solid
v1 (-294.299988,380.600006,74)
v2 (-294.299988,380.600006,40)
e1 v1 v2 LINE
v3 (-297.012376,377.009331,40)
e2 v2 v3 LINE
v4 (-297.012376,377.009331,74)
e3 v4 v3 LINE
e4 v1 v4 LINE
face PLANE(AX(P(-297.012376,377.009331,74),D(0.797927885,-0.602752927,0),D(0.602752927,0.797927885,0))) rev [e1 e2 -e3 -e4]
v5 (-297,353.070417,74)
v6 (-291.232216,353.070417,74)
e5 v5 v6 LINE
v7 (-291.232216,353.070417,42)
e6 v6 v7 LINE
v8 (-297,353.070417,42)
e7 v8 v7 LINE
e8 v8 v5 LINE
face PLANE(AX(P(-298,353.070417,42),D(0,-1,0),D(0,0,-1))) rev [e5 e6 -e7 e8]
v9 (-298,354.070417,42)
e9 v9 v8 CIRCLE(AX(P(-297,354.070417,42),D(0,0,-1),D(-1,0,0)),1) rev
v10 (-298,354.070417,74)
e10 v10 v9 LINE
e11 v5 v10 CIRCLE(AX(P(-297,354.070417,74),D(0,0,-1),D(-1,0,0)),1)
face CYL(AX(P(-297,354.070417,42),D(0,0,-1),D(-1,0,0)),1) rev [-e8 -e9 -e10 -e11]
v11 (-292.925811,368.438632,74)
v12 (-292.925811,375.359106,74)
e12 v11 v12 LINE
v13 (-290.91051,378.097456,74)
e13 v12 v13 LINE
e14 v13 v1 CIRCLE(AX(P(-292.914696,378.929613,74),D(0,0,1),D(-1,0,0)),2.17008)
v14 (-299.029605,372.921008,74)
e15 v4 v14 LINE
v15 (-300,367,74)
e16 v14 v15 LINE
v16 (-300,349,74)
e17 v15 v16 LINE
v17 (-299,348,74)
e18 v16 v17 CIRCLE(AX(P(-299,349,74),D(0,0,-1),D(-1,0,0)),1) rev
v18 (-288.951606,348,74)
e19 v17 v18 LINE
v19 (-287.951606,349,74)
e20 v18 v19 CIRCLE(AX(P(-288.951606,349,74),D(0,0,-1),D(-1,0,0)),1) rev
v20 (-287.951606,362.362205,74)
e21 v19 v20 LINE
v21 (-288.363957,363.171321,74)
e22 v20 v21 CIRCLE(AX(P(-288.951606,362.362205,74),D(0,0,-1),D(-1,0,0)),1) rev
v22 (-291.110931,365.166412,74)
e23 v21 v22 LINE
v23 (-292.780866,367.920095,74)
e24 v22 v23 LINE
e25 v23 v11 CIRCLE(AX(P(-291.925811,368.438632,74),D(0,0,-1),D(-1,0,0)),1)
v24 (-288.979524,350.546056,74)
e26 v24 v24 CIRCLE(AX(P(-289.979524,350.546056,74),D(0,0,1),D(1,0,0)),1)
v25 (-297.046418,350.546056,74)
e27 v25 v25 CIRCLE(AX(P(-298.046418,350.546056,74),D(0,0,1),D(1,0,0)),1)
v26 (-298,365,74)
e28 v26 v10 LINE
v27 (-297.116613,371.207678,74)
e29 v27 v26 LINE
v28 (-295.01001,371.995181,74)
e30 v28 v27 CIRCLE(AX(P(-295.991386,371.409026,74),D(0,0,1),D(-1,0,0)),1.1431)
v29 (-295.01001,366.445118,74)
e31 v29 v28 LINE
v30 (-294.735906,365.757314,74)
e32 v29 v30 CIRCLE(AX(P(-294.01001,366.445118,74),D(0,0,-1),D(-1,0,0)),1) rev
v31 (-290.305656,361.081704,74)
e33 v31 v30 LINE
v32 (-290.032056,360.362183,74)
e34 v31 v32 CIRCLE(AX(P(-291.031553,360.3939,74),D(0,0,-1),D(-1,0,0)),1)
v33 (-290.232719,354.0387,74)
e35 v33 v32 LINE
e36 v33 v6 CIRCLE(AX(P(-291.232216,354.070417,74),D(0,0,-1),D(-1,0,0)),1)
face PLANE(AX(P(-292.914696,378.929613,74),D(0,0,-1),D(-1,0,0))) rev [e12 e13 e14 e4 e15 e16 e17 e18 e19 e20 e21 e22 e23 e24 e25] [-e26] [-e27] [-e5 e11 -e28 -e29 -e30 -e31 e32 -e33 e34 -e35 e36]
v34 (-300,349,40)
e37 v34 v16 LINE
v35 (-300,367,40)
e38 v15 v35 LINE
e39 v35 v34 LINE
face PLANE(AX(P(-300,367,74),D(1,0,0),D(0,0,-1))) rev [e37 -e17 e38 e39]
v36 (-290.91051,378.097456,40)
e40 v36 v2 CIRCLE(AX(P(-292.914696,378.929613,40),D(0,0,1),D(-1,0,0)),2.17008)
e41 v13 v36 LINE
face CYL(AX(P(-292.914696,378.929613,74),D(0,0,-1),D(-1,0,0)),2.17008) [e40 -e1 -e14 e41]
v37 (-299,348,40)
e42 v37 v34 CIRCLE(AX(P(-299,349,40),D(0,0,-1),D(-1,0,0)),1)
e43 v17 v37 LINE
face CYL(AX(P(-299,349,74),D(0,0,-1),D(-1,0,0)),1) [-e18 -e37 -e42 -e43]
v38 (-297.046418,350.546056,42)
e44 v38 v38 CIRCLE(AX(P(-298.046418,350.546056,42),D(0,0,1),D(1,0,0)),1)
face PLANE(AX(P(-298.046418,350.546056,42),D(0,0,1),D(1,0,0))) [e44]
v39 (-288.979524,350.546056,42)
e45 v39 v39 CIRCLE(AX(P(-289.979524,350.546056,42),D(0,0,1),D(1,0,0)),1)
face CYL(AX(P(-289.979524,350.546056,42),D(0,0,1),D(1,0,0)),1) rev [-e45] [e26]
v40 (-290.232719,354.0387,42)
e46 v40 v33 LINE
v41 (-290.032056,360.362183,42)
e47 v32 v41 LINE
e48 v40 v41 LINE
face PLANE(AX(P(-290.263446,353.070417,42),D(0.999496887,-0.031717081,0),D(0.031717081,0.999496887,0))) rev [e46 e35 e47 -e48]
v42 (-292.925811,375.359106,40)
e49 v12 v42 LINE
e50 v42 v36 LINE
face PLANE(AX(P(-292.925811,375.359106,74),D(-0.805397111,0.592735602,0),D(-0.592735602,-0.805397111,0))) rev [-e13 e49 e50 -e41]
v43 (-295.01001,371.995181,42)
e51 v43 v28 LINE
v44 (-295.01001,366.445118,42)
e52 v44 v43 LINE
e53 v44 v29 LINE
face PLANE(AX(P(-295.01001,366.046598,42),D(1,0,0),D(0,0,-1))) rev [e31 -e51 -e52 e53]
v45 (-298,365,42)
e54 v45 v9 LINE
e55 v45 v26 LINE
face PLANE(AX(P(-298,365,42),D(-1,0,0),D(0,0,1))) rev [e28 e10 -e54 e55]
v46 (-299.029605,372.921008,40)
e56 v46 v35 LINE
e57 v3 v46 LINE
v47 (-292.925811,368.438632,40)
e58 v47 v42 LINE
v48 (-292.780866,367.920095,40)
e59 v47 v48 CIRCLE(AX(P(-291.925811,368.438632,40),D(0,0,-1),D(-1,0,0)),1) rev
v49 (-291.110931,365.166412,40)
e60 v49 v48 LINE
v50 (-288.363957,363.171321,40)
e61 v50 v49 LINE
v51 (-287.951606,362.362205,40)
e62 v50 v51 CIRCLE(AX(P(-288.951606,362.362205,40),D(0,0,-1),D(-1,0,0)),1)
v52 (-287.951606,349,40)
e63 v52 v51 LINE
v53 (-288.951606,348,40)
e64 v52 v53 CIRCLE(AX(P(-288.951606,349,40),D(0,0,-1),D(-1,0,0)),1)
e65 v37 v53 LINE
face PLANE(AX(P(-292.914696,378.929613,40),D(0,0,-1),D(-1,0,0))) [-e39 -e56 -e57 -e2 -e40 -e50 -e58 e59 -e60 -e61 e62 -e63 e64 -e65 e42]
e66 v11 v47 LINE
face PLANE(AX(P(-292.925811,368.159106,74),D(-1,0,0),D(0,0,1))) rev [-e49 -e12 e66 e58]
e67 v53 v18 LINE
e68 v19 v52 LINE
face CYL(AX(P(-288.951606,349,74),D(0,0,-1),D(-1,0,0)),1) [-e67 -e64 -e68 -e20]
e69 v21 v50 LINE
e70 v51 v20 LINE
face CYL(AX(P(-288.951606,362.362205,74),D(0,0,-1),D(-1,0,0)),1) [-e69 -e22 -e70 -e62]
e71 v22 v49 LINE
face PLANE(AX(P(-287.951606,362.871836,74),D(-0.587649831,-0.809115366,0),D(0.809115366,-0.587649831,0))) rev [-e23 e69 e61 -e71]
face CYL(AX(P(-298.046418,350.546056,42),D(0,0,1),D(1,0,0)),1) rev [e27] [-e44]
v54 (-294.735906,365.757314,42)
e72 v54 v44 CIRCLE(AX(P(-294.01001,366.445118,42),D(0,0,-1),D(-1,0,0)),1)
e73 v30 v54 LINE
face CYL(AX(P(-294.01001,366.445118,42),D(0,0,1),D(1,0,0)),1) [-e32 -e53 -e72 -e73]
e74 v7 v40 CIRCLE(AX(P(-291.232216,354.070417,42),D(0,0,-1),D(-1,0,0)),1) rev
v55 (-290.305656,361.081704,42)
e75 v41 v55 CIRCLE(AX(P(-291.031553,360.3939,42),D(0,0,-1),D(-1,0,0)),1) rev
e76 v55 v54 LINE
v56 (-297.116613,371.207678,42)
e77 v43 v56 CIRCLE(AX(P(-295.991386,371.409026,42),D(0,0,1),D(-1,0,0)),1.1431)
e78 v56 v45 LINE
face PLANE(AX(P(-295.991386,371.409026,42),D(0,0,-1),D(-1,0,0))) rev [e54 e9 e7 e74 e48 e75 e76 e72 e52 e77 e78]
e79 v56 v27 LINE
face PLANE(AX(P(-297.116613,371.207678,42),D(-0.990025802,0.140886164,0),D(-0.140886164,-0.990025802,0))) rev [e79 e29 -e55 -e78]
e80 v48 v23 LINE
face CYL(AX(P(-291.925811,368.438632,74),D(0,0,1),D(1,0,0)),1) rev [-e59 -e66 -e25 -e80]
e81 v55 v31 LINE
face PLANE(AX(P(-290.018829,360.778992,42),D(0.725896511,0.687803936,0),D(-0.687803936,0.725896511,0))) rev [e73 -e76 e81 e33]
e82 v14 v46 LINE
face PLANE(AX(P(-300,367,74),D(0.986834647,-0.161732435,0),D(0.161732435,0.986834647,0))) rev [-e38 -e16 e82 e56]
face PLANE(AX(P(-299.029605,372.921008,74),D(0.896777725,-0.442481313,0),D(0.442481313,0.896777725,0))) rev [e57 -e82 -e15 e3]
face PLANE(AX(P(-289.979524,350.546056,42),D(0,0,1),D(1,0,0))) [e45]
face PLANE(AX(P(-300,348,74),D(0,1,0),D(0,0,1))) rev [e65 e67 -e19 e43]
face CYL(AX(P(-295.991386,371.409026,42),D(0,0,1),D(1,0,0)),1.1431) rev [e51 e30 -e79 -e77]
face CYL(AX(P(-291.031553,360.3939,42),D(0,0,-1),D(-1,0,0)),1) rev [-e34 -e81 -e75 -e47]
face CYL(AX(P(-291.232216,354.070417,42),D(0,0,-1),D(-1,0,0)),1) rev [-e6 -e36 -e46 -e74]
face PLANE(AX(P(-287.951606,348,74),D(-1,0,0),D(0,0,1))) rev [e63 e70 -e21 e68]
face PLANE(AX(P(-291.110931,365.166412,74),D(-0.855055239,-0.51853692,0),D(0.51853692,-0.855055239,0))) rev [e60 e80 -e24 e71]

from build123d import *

# Parameters (mm, degrees)
BOSS_EXTRUDE1_DEPTH = 34
CUT_EXTRUDE1_DEPTH  = 32
SKETCH3_R           = 1
CUT_EXTRUDE2_DEPTH  = 32
FILLET2_R           = 1


with BuildPart() as part:
    # Sketch1 → Boss-Extrude1 (new body)
    with BuildSketch(Plane.XY.offset(40)):
        with BuildLine():
            Line((-300, 367), (-300, 348))
            Line((-300, 348), (-287.95160644, 348))
            Line((-287.95160644, 348), (-287.95160644, 362.871836257))
            Line((-287.95160644, 362.871836257), (-291.110931396, 365.166412354))
            Line((-291.110931396, 365.166412354), (-292.925810618, 368.159105691))
            Line((-292.925810618, 368.159105691), (-292.925810618, 375.359105691))
            Line((-292.925810618, 375.359105691), (-290.910509572, 378.097455869))
            ThreePointArc((-290.910509572, 378.097455869), (-291.625724396, 380.675408146), (-294.299987793, 380.600006104))
            Line((-294.299987793, 380.600006104), (-297.012375964, 377.009330623))
            Line((-297.012375964, 377.009330623), (-299.029605392, 372.921007879))
            Line((-299.029605392, 372.921007879), (-300, 367))
        make_face()
    extrude(amount=BOSS_EXTRUDE1_DEPTH)

    # Sketch2 → Cut-Extrude1 (cut)
    with BuildSketch(Plane.XY.offset(74)):
        with BuildLine():
            Line((-297.116612998, 371.207677878), (-298, 365))
            Line((-298, 365), (-298, 353.070416706))
            Line((-298, 353.070416706), (-290.26344591, 353.070416706))
            Line((-290.26344591, 353.070416706), (-290.018829346, 360.778991699))
            Line((-290.018829346, 360.778991699), (-295.010009766, 366.046598155))
            Line((-295.010009766, 366.046598155), (-295.010009766, 371.995180703))
            ThreePointArc((-295.010009766, 371.995180703), (-296.391652801, 372.479756418), (-297.116612998, 371.207677878))
        make_face()
    extrude(amount=-CUT_EXTRUDE1_DEPTH, mode=Mode.SUBTRACT)

    # Sketch3 → Cut-Extrude2 (cut)
    with BuildSketch(Plane.XY.offset(74)):
        with Locations((-298.046417962, 350.546056216)):
            Circle(SKETCH3_R)
        with Locations((-289.979523898, 350.546056216)):
            Circle(SKETCH3_R)
    extrude(amount=-CUT_EXTRUDE2_DEPTH, mode=Mode.SUBTRACT)

    # Fillet2
    fillet2_edges = [part.edges().sort_by_distance(p)[0] for p in [
        (-292.925810618, 368.159105691, 57),
        (-287.95160644, 362.871836257, 57),
        (-287.95160644, 348, 57),
        (-300, 348, 57),
        (-295.010009766, 366.046598155, 58),
        (-290.018829346, 360.778991699, 58),
        (-290.26344591, 353.070416706, 58),
        (-298, 353.070416706, 58),
    ]]
    fillet(fillet2_edges, radius=FILLET2_R)


solid = part.part
